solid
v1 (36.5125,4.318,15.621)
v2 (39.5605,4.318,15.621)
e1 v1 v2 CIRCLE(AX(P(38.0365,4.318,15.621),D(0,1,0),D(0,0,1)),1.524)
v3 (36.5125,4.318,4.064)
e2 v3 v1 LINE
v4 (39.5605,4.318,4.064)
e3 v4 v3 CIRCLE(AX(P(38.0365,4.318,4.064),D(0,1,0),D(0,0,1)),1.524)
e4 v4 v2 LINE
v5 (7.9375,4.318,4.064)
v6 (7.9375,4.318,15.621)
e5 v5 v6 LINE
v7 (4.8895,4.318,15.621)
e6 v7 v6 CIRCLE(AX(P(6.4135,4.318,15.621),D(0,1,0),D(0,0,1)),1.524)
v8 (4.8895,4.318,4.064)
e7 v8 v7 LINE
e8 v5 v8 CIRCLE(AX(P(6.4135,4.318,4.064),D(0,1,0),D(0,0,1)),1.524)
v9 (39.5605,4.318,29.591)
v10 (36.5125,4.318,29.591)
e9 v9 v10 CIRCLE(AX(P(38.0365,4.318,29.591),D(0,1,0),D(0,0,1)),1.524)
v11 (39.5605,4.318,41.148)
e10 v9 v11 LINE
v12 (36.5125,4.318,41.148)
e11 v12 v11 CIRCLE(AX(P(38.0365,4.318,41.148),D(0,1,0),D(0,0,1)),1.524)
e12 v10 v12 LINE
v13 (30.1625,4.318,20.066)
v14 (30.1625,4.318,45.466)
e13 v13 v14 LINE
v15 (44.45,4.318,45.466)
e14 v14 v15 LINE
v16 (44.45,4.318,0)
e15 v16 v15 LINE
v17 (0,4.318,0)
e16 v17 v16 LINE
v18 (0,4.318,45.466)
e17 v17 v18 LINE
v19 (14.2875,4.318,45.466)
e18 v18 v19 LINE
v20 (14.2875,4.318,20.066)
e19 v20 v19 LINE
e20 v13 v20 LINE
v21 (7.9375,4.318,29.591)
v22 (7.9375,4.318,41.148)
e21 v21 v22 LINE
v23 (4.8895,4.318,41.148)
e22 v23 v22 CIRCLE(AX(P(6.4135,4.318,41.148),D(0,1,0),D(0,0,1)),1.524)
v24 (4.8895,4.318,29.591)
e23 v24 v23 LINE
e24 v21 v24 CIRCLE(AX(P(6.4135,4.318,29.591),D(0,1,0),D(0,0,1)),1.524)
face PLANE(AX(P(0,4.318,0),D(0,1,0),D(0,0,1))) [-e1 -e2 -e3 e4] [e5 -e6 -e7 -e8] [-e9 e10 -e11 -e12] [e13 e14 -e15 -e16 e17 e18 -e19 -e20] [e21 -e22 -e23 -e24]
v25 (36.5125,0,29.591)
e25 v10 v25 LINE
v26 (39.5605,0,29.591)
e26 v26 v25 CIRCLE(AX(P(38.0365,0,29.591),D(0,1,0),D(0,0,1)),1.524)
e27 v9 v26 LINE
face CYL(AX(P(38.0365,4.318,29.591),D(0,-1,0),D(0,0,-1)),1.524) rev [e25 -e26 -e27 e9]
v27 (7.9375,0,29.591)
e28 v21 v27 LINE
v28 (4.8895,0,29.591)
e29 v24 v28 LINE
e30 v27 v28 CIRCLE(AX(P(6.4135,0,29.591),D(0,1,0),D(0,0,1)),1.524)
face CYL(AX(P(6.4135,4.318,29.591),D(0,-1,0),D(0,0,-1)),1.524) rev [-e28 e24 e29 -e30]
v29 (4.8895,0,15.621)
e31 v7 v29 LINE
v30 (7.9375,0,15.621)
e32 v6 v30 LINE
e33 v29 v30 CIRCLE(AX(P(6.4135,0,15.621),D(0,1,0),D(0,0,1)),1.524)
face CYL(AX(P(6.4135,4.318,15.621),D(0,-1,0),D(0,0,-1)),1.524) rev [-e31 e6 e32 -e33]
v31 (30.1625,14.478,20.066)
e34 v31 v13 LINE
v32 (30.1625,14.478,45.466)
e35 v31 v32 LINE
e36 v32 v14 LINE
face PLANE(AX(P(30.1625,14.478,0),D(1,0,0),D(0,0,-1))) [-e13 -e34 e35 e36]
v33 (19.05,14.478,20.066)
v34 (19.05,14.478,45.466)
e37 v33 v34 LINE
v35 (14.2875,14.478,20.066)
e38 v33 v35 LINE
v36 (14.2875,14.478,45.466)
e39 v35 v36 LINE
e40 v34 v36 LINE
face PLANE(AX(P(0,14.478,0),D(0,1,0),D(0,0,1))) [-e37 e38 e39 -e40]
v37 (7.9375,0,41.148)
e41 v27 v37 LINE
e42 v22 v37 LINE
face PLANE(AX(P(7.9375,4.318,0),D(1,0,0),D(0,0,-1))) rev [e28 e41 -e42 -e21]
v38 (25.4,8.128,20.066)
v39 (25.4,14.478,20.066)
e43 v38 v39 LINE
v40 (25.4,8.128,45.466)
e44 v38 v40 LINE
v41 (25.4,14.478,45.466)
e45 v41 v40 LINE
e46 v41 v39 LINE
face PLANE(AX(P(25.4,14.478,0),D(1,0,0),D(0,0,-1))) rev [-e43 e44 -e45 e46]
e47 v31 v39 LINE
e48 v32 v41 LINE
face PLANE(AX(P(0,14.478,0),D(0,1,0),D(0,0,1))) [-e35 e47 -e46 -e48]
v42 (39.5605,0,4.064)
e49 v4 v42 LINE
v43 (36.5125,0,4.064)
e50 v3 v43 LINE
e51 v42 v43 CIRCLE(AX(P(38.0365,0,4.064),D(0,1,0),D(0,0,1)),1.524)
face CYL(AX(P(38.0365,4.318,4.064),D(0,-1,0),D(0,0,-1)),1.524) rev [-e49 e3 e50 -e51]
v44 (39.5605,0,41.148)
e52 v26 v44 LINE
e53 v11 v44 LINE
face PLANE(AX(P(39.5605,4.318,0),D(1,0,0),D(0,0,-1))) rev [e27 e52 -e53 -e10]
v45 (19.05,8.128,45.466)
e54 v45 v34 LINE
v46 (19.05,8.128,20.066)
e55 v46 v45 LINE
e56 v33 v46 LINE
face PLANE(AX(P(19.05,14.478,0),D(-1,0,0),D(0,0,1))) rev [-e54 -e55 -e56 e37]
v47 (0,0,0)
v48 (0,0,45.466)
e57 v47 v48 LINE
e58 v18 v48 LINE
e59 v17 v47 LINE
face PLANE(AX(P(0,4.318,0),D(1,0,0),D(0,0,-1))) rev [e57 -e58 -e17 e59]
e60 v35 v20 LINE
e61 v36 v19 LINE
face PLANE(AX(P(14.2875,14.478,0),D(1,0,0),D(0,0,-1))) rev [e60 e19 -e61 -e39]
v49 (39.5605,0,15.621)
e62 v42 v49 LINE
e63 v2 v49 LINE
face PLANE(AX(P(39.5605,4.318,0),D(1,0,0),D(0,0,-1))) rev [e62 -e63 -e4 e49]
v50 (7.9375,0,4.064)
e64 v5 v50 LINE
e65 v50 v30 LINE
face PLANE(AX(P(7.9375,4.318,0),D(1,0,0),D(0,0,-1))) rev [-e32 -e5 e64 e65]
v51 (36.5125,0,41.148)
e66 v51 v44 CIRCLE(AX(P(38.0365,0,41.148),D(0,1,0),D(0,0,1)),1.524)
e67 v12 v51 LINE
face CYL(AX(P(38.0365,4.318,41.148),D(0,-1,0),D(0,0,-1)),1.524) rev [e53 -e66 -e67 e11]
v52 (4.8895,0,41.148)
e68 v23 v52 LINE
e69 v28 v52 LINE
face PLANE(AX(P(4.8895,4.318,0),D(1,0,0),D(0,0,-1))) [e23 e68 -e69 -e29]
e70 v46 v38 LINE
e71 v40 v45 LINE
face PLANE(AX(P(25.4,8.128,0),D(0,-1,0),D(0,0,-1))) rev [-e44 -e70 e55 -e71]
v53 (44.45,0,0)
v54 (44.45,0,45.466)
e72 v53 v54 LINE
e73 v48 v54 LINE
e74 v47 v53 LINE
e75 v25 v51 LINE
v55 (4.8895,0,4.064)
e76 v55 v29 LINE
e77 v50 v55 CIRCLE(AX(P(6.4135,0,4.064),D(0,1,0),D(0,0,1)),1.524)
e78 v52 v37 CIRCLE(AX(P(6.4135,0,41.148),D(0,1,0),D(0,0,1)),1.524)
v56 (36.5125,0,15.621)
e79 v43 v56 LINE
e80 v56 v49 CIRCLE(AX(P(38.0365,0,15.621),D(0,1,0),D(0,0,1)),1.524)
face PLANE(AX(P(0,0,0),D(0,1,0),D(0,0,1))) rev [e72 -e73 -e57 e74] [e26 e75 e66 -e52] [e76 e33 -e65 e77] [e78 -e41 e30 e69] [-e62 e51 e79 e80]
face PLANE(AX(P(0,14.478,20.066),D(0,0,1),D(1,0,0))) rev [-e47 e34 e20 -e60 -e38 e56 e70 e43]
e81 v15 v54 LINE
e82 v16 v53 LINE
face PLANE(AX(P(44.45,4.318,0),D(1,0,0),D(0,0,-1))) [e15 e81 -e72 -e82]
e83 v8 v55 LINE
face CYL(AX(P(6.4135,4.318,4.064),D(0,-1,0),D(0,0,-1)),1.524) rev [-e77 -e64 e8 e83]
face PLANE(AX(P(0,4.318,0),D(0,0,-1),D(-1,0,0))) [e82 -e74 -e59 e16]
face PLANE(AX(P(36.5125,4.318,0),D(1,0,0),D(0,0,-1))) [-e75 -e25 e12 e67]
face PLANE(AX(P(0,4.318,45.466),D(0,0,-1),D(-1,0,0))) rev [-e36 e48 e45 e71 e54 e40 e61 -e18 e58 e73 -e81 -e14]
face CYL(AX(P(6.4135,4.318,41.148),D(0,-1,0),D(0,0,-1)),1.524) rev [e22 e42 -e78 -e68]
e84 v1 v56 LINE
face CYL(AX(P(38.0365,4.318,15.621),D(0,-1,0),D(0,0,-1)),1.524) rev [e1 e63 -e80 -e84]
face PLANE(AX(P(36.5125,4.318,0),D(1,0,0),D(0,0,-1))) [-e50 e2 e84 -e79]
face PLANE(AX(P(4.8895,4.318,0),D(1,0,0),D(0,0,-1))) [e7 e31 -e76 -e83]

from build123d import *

# Parameters (mm, degrees)
SKETCH1_W               = 15.875
SKETCH1_H               = 25.4
BOSS_EXTRUDE1_DEPTH     = 4.318
BOSS_EXTRUDE2_START     = 4.318
SKETCH1_3_W             = 15.875
SKETCH1_3_H             = 25.4
BOSS_EXTRUDE2_DEPTH     = 10.16
CUT_EXTRUDE1_DEPTH      = 66.211748481
CUT_EXTRUDE1_DEPTH_BACK = 66.211748481
SKETCH2_W               = 6.35
SKETCH2_H               = 6.35


with BuildPart() as part:
    # Sketch1 → Boss-Extrude1 (new body)
    # profile 1 of 2: a face of its own
    with BuildSketch(Plane(origin=(0, 0, 0), x_dir=(1, 0, 0), z_dir=(0, 1, 0))):
        Polygon((44.45, 0), (0, 0), (0, -45.466), (14.2875, -45.466), (14.2875, -20.066), (30.1625, -20.066), (30.1625, -45.466), (44.45, -45.466), align=None)
        with BuildLine():
            ThreePointArc((4.8895, -29.591), (6.4135, -28.067), (7.9375, -29.591))
            Line((7.9375, -29.591), (7.9375, -41.148))
            ThreePointArc((7.9375, -41.148), (6.4135, -42.672), (4.8895, -41.148))
            Line((4.8895, -41.148), (4.8895, -29.591))
        make_face(mode=Mode.SUBTRACT)
        with BuildLine():
            ThreePointArc((36.5125, -29.591), (38.0365, -28.067), (39.5605, -29.591))
            Line((39.5605, -29.591), (39.5605, -41.148))
            ThreePointArc((39.5605, -41.148), (38.0365, -42.672), (36.5125, -41.148))
            Line((36.5125, -41.148), (36.5125, -29.591))
        make_face(mode=Mode.SUBTRACT)
        with BuildLine():
            ThreePointArc((4.8895, -4.064), (6.4135, -2.54), (7.9375, -4.064))
            Line((7.9375, -4.064), (7.9375, -15.621))
            ThreePointArc((7.9375, -15.621), (6.4135, -17.145), (4.8895, -15.621))
            Line((4.8895, -15.621), (4.8895, -4.064))
        make_face(mode=Mode.SUBTRACT)
        with BuildLine():
            ThreePointArc((36.5125, -4.064), (38.0365, -2.54), (39.5605, -4.064))
            Line((39.5605, -4.064), (39.5605, -15.621))
            ThreePointArc((39.5605, -15.621), (38.0365, -17.145), (36.5125, -15.621))
            Line((36.5125, -15.621), (36.5125, -4.064))
        make_face(mode=Mode.SUBTRACT)
    # profile 2 of 2: a face of its own
    with BuildSketch(Plane(origin=(0, 0, 0), x_dir=(1, 0, 0), z_dir=(0, 1, 0))):
        with Locations((22.225, -32.766)):
            Rectangle(SKETCH1_W, SKETCH1_H)
    extrude(amount=BOSS_EXTRUDE1_DEPTH)

    # Sketch1<3> → Boss-Extrude2 (add)
    with BuildSketch(Plane(origin=(0, 0, 0), x_dir=(1, 0, 0), z_dir=(0, 1, 0)).offset(BOSS_EXTRUDE2_START)):
        with Locations((22.225, -32.766)):
            Rectangle(SKETCH1_3_W, SKETCH1_3_H)
    extrude(amount=BOSS_EXTRUDE2_DEPTH)

    # Sketch2 → Cut-Extrude1 (cut, two sides: drawn at the far end of the back side and taken through both)
    with BuildSketch(Plane.XY.offset(45.466).offset(-CUT_EXTRUDE1_DEPTH_BACK)):
        with Locations((22.225, 11.303)):
            Rectangle(SKETCH2_W, SKETCH2_H)
    extrude(amount=CUT_EXTRUDE1_DEPTH + CUT_EXTRUDE1_DEPTH_BACK, mode=Mode.SUBTRACT)


solid = part.part
